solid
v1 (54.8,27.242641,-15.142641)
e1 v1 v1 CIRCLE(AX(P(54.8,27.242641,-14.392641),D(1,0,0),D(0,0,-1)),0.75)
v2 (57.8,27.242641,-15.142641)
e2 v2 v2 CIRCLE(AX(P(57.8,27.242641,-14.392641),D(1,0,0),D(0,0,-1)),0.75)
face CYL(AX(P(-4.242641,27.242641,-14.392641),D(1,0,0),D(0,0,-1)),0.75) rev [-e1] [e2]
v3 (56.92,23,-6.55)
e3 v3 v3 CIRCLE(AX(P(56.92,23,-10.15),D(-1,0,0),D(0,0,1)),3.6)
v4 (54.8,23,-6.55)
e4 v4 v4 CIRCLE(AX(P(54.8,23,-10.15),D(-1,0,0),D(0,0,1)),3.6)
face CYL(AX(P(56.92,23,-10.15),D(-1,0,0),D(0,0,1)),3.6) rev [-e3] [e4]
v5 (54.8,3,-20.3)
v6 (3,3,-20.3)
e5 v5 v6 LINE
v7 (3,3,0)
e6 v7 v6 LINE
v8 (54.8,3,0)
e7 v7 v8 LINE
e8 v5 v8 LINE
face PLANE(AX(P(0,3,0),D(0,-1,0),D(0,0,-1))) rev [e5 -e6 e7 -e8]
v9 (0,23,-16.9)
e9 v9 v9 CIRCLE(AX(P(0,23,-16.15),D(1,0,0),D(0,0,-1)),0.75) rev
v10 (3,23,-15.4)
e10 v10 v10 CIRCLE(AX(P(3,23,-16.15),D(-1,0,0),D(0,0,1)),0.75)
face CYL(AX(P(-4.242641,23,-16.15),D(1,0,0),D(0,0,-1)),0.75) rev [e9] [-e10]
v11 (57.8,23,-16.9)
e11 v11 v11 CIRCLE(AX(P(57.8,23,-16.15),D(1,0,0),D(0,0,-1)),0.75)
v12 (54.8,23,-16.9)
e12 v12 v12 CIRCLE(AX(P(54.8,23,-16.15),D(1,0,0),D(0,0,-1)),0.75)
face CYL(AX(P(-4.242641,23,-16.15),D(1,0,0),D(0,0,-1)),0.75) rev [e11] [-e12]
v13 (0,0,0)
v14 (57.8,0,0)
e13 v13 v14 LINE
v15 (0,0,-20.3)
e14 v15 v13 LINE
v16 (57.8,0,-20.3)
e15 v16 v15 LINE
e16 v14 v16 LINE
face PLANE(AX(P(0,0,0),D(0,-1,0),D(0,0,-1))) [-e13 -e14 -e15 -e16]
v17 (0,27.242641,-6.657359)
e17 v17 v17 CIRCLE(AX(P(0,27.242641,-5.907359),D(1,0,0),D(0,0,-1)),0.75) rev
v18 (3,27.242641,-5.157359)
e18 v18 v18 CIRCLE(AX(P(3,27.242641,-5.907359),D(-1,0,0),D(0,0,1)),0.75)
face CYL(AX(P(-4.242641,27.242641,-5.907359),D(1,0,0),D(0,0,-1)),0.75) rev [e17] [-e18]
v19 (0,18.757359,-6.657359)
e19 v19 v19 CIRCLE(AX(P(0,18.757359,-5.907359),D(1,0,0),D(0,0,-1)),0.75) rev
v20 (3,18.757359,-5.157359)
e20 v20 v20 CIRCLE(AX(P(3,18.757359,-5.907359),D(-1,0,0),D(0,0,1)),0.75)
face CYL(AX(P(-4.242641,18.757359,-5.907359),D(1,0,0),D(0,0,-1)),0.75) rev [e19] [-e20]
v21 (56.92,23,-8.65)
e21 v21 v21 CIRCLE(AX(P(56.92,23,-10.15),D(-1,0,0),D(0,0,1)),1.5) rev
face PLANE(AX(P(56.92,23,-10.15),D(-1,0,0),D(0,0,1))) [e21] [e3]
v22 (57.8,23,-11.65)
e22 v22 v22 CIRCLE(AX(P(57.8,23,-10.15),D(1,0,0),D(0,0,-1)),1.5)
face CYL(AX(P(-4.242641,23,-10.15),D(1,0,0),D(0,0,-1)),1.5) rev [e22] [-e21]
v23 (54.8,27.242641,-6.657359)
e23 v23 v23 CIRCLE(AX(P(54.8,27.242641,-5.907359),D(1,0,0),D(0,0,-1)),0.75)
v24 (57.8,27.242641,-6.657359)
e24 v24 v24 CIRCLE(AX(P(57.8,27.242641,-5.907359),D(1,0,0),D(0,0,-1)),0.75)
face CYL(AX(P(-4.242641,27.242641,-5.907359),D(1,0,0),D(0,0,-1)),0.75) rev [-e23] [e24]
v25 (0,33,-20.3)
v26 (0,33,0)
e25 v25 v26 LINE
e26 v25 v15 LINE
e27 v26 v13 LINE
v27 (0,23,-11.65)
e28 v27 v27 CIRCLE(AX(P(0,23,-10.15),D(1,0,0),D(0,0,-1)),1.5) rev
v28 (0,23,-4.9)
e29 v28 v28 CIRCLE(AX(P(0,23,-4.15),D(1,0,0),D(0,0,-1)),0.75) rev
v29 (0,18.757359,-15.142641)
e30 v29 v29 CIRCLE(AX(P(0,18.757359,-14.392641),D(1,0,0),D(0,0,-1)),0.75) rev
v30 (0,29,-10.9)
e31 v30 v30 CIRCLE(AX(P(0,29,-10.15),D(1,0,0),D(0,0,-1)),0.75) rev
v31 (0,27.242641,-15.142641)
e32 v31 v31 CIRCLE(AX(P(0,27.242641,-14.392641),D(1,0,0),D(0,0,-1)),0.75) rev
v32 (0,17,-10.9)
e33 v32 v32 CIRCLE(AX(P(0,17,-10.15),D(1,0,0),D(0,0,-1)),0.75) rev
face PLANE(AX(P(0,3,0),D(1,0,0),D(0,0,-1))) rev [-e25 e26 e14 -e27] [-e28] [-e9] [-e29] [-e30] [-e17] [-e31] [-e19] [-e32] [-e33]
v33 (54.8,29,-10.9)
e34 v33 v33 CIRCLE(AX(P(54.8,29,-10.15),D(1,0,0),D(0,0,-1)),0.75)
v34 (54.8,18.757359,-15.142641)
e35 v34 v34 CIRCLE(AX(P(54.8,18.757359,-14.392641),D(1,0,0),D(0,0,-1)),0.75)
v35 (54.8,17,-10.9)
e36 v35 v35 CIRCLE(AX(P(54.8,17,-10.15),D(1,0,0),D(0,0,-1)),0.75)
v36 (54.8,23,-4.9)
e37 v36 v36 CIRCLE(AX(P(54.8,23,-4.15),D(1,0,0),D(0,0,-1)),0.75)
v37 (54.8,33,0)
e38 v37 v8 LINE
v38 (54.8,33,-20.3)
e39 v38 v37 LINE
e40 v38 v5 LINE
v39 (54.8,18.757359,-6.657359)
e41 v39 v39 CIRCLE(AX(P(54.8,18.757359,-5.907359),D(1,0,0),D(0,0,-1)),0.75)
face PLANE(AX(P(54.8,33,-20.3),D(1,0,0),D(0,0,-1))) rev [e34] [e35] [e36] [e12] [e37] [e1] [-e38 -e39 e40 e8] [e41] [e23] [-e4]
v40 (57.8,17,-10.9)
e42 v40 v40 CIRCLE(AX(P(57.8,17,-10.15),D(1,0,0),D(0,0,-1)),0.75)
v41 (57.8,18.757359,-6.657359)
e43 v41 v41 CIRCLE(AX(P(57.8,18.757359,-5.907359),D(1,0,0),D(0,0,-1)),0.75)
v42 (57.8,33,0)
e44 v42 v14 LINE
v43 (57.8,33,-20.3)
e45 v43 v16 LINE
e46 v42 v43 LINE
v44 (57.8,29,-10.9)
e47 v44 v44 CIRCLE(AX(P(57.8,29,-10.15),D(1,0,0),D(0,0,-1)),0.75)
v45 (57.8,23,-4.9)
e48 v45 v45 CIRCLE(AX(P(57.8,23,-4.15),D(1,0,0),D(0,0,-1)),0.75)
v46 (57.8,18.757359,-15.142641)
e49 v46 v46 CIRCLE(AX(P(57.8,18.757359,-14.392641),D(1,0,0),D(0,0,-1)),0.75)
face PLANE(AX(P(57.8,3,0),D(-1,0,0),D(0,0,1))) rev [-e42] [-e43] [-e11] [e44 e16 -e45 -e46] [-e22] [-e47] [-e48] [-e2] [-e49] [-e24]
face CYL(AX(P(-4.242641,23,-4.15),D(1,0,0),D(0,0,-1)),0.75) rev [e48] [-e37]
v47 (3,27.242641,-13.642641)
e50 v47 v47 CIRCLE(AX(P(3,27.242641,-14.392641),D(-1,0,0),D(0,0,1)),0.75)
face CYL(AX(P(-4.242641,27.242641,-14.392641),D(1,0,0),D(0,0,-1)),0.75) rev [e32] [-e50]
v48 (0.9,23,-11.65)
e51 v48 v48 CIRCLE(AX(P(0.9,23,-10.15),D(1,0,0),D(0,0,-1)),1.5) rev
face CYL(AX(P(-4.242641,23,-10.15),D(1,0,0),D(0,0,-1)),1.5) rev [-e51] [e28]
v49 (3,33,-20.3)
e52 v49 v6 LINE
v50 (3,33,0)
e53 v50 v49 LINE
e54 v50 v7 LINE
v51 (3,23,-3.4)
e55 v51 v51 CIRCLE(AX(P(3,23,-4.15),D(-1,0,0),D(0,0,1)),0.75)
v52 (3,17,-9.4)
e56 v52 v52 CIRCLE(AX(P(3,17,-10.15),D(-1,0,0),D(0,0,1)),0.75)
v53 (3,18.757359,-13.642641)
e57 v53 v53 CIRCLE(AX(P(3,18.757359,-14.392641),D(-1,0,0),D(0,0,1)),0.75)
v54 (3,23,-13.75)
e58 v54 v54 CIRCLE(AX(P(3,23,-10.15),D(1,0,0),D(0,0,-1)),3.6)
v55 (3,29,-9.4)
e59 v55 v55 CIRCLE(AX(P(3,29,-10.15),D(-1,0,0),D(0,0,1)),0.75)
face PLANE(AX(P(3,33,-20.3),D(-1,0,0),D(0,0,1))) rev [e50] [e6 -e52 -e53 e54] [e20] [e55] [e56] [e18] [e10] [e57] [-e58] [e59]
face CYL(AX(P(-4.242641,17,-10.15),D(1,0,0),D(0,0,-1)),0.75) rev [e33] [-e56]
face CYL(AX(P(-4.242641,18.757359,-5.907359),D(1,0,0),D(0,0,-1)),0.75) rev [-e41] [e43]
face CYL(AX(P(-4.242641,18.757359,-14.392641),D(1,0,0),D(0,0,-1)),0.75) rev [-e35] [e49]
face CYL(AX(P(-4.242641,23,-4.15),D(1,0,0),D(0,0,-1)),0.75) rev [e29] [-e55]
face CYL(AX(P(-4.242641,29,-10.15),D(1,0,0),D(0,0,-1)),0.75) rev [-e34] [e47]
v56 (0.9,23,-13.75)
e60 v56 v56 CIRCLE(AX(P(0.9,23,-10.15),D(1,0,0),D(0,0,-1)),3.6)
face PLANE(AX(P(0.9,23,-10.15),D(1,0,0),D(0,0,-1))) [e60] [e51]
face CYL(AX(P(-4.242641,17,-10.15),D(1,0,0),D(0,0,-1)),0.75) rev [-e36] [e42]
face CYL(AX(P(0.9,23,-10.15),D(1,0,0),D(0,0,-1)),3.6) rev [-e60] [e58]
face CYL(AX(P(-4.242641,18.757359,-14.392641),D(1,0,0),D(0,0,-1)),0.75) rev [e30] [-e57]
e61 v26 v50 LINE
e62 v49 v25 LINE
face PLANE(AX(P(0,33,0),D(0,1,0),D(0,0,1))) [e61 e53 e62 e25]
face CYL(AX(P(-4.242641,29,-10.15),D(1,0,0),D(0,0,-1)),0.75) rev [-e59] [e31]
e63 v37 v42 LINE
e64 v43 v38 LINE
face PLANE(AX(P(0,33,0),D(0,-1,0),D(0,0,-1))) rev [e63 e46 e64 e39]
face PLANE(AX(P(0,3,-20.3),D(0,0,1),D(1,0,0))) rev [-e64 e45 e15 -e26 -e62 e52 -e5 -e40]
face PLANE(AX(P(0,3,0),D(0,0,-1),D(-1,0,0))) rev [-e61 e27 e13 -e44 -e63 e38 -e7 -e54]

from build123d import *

# Parameters (mm, degrees)
SKETCH1_W               = 57.8
SKETCH1_H               = 20.3
YAWMOUNT_DEPTH          = 3
SKETCH2_W               = 3
SKETCH2_H               = 20.3
BODYCONNECTORS_DEPTH    = 30
AXLE_MOUNTS_REACH       = 71.584
SKETCH3_R               = 1.5
SKETCH3_R_2             = 0.75
SKETCH4_R               = 3.6
SLIDE_COUNTERBORE_DEPTH = 2.12
GEAR_COUNTERBORE_START  = -2.1
SKETCH5_R               = 3.6
GEAR_COUNTERBORE_DEPTH  = 2.1


with BuildPart() as part:
    # Sketch1 → YawMount (new body)
    with BuildSketch(Plane(origin=(0, 0, 0), x_dir=(1, 0, 0), z_dir=(0, 1, 0))):
        with Locations((28.9, 10.15)):
            Rectangle(SKETCH1_W, SKETCH1_H)
    extrude(amount=YAWMOUNT_DEPTH)

    # Sketch2 → BodyConnectors (add)
    with BuildSketch(Plane(origin=(0, 3, 0), x_dir=(1, 0, 0), z_dir=(0, 1, 0))):
        with Locations((1.5, 10.15)):
            Rectangle(SKETCH2_W, SKETCH2_H)
        with Locations((56.3, 10.15)):
            Rectangle(SKETCH2_W, SKETCH2_H)
    extrude(amount=BODYCONNECTORS_DEPTH)

    # Axle-Mounts: up to this face of the body (flat: up to its plane)
    axle_mounts_end = Plane(part.part.faces().sort_by_distance((0, 16.5, -10.15))[0])
    # Sketch3 → Axle-Mounts (cut, up to the picked face)
    with BuildSketch(Plane(origin=(57.8, 0, 0), x_dir=(0, 0, -1), z_dir=(1, 0, 0)), mode=Mode.PRIVATE) as axle_mounts_sk1:
        with Locations((10.15, 23)):
            Circle(SKETCH3_R)
    axle_mounts_tool1 = split(extrude(axle_mounts_sk1.sketch, amount=-AXLE_MOUNTS_REACH, mode=Mode.PRIVATE), bisect_by=axle_mounts_end, keep=Keep.BOTH, mode=Mode.PRIVATE)
    # Sketch3 → Axle-Mounts (cut, up to the picked face)
    with BuildSketch(Plane(origin=(57.8, 0, 0), x_dir=(0, 0, -1), z_dir=(1, 0, 0)), mode=Mode.PRIVATE) as axle_mounts_sk2:
        with Locations((16.15, 23)):
            Circle(SKETCH3_R_2)
    axle_mounts_tool2 = split(extrude(axle_mounts_sk2.sketch, amount=-AXLE_MOUNTS_REACH, mode=Mode.PRIVATE), bisect_by=axle_mounts_end, keep=Keep.BOTH, mode=Mode.PRIVATE)
    # Sketch3 → Axle-Mounts (cut, up to the picked face)
    with BuildSketch(Plane(origin=(57.8, 0, 0), x_dir=(0, 0, -1), z_dir=(1, 0, 0)), mode=Mode.PRIVATE) as axle_mounts_sk3:
        with Locations((14.392640687, 18.757359313)):
            Circle(SKETCH3_R_2)
    axle_mounts_tool3 = split(extrude(axle_mounts_sk3.sketch, amount=-AXLE_MOUNTS_REACH, mode=Mode.PRIVATE), bisect_by=axle_mounts_end, keep=Keep.BOTH, mode=Mode.PRIVATE)
    # Sketch3 → Axle-Mounts (cut, up to the picked face)
    with BuildSketch(Plane(origin=(57.8, 0, 0), x_dir=(0, 0, -1), z_dir=(1, 0, 0)), mode=Mode.PRIVATE) as axle_mounts_sk4:
        with Locations((10.15, 17)):
            Circle(SKETCH3_R_2)
    axle_mounts_tool4 = split(extrude(axle_mounts_sk4.sketch, amount=-AXLE_MOUNTS_REACH, mode=Mode.PRIVATE), bisect_by=axle_mounts_end, keep=Keep.BOTH, mode=Mode.PRIVATE)
    # Sketch3 → Axle-Mounts (cut, up to the picked face)
    with BuildSketch(Plane(origin=(57.8, 0, 0), x_dir=(0, 0, -1), z_dir=(1, 0, 0)), mode=Mode.PRIVATE) as axle_mounts_sk5:
        with Locations((5.907359313, 18.757359313)):
            Circle(SKETCH3_R_2)
    axle_mounts_tool5 = split(extrude(axle_mounts_sk5.sketch, amount=-AXLE_MOUNTS_REACH, mode=Mode.PRIVATE), bisect_by=axle_mounts_end, keep=Keep.BOTH, mode=Mode.PRIVATE)
    # Sketch3 → Axle-Mounts (cut, up to the picked face)
    with BuildSketch(Plane(origin=(57.8, 0, 0), x_dir=(0, 0, -1), z_dir=(1, 0, 0)), mode=Mode.PRIVATE) as axle_mounts_sk6:
        with Locations((4.15, 23)):
            Circle(SKETCH3_R_2)
    axle_mounts_tool6 = split(extrude(axle_mounts_sk6.sketch, amount=-AXLE_MOUNTS_REACH, mode=Mode.PRIVATE), bisect_by=axle_mounts_end, keep=Keep.BOTH, mode=Mode.PRIVATE)
    # Sketch3 → Axle-Mounts (cut, up to the picked face)
    with BuildSketch(Plane(origin=(57.8, 0, 0), x_dir=(0, 0, -1), z_dir=(1, 0, 0)), mode=Mode.PRIVATE) as axle_mounts_sk7:
        with Locations((5.907359313, 27.242640687)):
            Circle(SKETCH3_R_2)
    axle_mounts_tool7 = split(extrude(axle_mounts_sk7.sketch, amount=-AXLE_MOUNTS_REACH, mode=Mode.PRIVATE), bisect_by=axle_mounts_end, keep=Keep.BOTH, mode=Mode.PRIVATE)
    # Sketch3 → Axle-Mounts (cut, up to the picked face)
    with BuildSketch(Plane(origin=(57.8, 0, 0), x_dir=(0, 0, -1), z_dir=(1, 0, 0)), mode=Mode.PRIVATE) as axle_mounts_sk8:
        with Locations((10.15, 29)):
            Circle(SKETCH3_R_2)
    axle_mounts_tool8 = split(extrude(axle_mounts_sk8.sketch, amount=-AXLE_MOUNTS_REACH, mode=Mode.PRIVATE), bisect_by=axle_mounts_end, keep=Keep.BOTH, mode=Mode.PRIVATE)
    # Sketch3 → Axle-Mounts (cut, up to the picked face)
    with BuildSketch(Plane(origin=(57.8, 0, 0), x_dir=(0, 0, -1), z_dir=(1, 0, 0)), mode=Mode.PRIVATE) as axle_mounts_sk9:
        with Locations((14.392640687, 27.242640687)):
            Circle(SKETCH3_R_2)
    axle_mounts_tool9 = split(extrude(axle_mounts_sk9.sketch, amount=-AXLE_MOUNTS_REACH, mode=Mode.PRIVATE), bisect_by=axle_mounts_end, keep=Keep.BOTH, mode=Mode.PRIVATE)
    add(axle_mounts_tool1.solids().sort_by(Axis((57.8, 23, -10.15), (-1, 0, 0)))[0], mode=Mode.SUBTRACT)
    add(axle_mounts_tool2.solids().sort_by(Axis((57.8, 23, -16.15), (-1, 0, 0)))[0], mode=Mode.SUBTRACT)
    add(axle_mounts_tool3.solids().sort_by(Axis((57.8, 18.757359, -14.392641), (-1, 0, 0)))[0], mode=Mode.SUBTRACT)
    add(axle_mounts_tool4.solids().sort_by(Axis((57.8, 17, -10.15), (-1, 0, 0)))[0], mode=Mode.SUBTRACT)
    add(axle_mounts_tool5.solids().sort_by(Axis((57.8, 18.757359, -5.907359), (-1, 0, 0)))[0], mode=Mode.SUBTRACT)
    add(axle_mounts_tool6.solids().sort_by(Axis((57.8, 23, -4.15), (-1, 0, 0)))[0], mode=Mode.SUBTRACT)
    add(axle_mounts_tool7.solids().sort_by(Axis((57.8, 27.242641, -5.907359), (-1, 0, 0)))[0], mode=Mode.SUBTRACT)
    add(axle_mounts_tool8.solids().sort_by(Axis((57.8, 29, -10.15), (-1, 0, 0)))[0], mode=Mode.SUBTRACT)
    add(axle_mounts_tool9.solids().sort_by(Axis((57.8, 27.242641, -14.392641), (-1, 0, 0)))[0], mode=Mode.SUBTRACT)

    # Sketch4 → Slide-Counterbore (cut)
    with BuildSketch(Plane.ZY.offset(-54.8)):
        with Locations((-10.15, 23)):
            Circle(SKETCH4_R)
    extrude(amount=-SLIDE_COUNTERBORE_DEPTH, mode=Mode.SUBTRACT)

    # Sketch5 → Gear-Counterbore (cut)
    with BuildSketch(Plane(origin=(3, 0, 0), x_dir=(0, 0, -1), z_dir=(1, 0, 0)).offset(GEAR_COUNTERBORE_START)):
        with Locations(Location((10.15, 23, 0), (0, 0, 180))):
            Circle(SKETCH5_R)
    extrude(amount=GEAR_COUNTERBORE_DEPTH, mode=Mode.SUBTRACT)


solid = part.part
